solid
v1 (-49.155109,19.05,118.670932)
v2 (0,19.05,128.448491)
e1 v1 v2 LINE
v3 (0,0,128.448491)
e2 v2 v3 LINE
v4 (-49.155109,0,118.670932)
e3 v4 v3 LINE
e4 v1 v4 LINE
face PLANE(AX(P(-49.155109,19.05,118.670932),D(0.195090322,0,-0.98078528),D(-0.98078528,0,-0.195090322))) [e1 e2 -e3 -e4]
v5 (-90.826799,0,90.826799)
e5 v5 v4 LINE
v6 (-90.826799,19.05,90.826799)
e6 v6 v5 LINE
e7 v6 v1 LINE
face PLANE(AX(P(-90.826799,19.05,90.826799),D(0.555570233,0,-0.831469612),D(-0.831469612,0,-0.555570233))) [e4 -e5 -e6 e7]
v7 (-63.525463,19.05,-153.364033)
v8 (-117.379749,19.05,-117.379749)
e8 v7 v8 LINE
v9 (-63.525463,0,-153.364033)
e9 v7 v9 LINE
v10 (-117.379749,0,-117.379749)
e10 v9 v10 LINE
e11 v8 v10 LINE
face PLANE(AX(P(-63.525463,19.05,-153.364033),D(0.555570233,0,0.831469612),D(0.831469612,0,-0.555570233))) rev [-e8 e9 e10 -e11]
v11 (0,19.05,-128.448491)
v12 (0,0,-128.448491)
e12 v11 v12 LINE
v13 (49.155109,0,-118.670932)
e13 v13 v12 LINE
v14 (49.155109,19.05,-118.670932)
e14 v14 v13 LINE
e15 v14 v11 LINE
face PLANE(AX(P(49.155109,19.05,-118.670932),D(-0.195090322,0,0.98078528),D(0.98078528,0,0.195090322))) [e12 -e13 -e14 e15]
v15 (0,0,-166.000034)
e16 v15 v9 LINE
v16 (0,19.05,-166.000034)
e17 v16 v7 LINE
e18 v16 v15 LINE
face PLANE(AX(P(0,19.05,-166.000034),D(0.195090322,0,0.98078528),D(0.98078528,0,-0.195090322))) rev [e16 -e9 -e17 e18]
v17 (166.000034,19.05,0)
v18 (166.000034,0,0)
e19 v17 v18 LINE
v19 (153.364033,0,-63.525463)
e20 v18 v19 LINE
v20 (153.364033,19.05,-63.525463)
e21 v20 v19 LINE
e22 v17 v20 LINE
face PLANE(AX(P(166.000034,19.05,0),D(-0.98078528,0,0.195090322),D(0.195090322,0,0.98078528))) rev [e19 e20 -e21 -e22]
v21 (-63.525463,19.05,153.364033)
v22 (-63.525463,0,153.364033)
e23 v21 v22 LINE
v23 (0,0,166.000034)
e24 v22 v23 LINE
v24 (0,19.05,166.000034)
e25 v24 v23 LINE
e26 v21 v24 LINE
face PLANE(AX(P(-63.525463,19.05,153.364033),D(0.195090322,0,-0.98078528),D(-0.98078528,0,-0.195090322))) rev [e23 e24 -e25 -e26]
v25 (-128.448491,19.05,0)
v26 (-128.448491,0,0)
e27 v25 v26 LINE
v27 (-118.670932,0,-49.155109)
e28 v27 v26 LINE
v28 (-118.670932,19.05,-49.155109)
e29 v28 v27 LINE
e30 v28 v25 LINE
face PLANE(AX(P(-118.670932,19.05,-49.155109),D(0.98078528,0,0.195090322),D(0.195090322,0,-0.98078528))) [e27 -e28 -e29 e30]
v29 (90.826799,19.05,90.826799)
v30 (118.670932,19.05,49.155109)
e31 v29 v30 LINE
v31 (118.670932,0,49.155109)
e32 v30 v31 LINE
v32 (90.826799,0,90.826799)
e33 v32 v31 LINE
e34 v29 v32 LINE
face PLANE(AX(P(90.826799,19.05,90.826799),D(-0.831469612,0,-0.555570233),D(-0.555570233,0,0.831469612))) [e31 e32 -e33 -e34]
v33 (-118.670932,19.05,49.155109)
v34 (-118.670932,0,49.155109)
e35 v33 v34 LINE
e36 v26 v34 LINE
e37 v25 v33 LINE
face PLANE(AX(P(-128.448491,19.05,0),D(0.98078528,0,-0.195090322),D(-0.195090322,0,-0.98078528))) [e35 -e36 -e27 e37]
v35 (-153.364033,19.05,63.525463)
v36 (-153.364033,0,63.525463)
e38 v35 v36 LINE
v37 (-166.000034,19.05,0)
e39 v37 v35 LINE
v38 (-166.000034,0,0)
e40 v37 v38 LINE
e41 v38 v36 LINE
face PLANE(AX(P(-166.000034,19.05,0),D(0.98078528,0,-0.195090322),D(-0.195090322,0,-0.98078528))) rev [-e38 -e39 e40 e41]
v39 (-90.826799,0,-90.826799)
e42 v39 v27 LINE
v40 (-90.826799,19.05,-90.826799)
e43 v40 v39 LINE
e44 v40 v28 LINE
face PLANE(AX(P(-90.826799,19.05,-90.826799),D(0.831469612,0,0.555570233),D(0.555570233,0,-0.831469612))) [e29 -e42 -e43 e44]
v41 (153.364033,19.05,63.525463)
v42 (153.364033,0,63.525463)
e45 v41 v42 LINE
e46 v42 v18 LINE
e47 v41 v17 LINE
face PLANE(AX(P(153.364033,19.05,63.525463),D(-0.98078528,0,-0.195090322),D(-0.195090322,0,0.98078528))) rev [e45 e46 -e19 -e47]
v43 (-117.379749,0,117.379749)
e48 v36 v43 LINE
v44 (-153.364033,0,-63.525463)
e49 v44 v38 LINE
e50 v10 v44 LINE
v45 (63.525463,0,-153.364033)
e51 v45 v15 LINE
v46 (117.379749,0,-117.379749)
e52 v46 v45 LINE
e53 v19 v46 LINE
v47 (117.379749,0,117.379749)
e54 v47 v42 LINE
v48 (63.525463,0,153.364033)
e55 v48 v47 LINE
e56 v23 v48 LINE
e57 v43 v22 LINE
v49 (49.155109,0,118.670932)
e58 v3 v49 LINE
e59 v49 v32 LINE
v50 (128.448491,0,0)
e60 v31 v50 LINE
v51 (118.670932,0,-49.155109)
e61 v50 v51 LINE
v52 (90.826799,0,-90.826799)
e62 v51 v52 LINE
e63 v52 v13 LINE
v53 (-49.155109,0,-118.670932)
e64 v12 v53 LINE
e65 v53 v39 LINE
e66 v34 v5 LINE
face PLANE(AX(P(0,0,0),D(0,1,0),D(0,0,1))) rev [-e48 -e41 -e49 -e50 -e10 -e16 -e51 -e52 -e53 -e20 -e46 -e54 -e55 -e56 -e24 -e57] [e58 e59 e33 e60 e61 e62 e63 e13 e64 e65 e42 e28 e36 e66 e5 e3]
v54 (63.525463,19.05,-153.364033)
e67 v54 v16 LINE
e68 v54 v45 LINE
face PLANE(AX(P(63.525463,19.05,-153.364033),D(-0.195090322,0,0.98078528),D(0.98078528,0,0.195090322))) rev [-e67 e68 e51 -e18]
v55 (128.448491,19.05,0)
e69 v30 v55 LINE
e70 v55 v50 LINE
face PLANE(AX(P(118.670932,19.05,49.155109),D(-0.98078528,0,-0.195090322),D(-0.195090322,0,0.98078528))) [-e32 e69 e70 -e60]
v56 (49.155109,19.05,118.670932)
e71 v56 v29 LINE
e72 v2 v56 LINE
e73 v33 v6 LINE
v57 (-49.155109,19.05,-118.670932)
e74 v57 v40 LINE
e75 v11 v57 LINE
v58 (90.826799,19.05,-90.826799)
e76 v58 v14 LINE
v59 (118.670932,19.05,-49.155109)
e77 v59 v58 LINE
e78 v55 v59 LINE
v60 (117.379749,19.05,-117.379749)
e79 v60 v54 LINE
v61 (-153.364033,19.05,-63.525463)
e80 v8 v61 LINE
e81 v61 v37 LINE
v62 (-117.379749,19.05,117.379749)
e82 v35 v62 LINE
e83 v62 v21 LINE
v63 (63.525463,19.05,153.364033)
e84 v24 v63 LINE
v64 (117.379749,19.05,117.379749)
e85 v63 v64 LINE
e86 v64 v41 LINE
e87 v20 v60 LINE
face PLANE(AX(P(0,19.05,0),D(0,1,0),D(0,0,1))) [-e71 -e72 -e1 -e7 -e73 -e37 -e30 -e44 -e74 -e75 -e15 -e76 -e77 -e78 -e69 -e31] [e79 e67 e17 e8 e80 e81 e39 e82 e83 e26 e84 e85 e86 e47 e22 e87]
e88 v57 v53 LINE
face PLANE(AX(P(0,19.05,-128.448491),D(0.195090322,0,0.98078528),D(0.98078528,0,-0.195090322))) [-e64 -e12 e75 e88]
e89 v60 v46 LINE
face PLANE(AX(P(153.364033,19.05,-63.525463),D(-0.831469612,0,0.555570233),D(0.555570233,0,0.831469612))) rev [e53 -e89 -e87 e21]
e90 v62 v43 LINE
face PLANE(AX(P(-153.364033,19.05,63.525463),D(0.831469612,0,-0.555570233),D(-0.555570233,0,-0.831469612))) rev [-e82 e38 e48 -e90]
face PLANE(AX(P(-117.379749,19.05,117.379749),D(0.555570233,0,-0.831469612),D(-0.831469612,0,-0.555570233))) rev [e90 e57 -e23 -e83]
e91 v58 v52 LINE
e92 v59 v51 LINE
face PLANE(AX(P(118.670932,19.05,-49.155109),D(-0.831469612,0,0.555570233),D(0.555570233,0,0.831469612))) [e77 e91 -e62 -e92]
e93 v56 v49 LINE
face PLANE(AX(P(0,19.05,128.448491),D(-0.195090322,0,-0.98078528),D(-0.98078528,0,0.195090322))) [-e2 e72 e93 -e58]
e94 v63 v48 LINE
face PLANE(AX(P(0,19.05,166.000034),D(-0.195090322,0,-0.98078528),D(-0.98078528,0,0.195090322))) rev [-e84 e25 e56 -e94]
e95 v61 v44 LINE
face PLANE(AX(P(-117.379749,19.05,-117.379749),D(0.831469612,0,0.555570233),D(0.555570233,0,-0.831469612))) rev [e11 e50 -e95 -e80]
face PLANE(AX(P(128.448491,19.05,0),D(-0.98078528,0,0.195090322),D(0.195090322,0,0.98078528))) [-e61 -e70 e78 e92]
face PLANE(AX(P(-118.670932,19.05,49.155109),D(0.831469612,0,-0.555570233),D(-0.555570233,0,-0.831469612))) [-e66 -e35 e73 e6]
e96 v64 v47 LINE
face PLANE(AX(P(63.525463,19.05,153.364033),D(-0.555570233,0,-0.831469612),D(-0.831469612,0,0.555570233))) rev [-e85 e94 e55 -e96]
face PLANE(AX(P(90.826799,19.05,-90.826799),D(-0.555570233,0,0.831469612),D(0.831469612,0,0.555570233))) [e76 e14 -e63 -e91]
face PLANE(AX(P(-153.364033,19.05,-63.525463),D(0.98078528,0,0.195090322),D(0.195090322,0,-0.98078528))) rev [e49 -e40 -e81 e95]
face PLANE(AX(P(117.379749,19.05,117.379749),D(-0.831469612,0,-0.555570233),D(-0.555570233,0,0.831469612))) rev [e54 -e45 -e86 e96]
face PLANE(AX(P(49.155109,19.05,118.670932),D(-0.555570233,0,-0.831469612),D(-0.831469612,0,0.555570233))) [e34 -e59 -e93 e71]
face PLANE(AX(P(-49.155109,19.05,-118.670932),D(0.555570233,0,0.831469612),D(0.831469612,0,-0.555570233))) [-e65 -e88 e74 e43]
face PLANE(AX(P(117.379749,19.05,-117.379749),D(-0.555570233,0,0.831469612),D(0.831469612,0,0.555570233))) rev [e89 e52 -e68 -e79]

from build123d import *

# Parameters (mm, degrees)
BOSS_EXTRUDE1_DEPTH = 19.05


with BuildPart() as part:
    # Sketch1 → Boss-Extrude1 (new body)
    with BuildSketch(Plane(origin=(0, 0, 0), x_dir=(1, 0, 0), z_dir=(0, 1, 0))):
        Polygon((166.00003355, 0), (153.364033393, 63.525462612), (117.379749401, 117.379749401), (63.525462612, 153.364033393), (0, 166.00003355), (-63.525462612, 153.364033393), (-117.379749401, 117.379749401), (-153.364033393, 63.525462612), (-166.00003355, 0), (-153.364033393, -63.525462612), (-117.379749401, -117.379749401), (-63.525462612, -153.364033393), (0, -166.00003355), (63.525462612, -153.364033393), (117.379749401, -117.379749401), (153.364033393, -63.525462612), align=None)
        Polygon((128.448491193, 0), (118.670931996, 49.155109492), (90.826799156, 90.826799156), (49.155109492, 118.670931996), (0, 128.448491193), (-49.155109492, 118.670931996), (-90.826799156, 90.826799156), (-118.670931996, 49.155109492), (-128.448491193, 0), (-118.670931996, -49.155109492), (-90.826799156, -90.826799156), (-49.155109492, -118.670931996), (0, -128.448491193), (49.155109492, -118.670931996), (90.826799156, -90.826799156), (118.670931996, -49.155109492), align=None, mode=Mode.SUBTRACT)
    extrude(amount=BOSS_EXTRUDE1_DEPTH)


solid = part.part
